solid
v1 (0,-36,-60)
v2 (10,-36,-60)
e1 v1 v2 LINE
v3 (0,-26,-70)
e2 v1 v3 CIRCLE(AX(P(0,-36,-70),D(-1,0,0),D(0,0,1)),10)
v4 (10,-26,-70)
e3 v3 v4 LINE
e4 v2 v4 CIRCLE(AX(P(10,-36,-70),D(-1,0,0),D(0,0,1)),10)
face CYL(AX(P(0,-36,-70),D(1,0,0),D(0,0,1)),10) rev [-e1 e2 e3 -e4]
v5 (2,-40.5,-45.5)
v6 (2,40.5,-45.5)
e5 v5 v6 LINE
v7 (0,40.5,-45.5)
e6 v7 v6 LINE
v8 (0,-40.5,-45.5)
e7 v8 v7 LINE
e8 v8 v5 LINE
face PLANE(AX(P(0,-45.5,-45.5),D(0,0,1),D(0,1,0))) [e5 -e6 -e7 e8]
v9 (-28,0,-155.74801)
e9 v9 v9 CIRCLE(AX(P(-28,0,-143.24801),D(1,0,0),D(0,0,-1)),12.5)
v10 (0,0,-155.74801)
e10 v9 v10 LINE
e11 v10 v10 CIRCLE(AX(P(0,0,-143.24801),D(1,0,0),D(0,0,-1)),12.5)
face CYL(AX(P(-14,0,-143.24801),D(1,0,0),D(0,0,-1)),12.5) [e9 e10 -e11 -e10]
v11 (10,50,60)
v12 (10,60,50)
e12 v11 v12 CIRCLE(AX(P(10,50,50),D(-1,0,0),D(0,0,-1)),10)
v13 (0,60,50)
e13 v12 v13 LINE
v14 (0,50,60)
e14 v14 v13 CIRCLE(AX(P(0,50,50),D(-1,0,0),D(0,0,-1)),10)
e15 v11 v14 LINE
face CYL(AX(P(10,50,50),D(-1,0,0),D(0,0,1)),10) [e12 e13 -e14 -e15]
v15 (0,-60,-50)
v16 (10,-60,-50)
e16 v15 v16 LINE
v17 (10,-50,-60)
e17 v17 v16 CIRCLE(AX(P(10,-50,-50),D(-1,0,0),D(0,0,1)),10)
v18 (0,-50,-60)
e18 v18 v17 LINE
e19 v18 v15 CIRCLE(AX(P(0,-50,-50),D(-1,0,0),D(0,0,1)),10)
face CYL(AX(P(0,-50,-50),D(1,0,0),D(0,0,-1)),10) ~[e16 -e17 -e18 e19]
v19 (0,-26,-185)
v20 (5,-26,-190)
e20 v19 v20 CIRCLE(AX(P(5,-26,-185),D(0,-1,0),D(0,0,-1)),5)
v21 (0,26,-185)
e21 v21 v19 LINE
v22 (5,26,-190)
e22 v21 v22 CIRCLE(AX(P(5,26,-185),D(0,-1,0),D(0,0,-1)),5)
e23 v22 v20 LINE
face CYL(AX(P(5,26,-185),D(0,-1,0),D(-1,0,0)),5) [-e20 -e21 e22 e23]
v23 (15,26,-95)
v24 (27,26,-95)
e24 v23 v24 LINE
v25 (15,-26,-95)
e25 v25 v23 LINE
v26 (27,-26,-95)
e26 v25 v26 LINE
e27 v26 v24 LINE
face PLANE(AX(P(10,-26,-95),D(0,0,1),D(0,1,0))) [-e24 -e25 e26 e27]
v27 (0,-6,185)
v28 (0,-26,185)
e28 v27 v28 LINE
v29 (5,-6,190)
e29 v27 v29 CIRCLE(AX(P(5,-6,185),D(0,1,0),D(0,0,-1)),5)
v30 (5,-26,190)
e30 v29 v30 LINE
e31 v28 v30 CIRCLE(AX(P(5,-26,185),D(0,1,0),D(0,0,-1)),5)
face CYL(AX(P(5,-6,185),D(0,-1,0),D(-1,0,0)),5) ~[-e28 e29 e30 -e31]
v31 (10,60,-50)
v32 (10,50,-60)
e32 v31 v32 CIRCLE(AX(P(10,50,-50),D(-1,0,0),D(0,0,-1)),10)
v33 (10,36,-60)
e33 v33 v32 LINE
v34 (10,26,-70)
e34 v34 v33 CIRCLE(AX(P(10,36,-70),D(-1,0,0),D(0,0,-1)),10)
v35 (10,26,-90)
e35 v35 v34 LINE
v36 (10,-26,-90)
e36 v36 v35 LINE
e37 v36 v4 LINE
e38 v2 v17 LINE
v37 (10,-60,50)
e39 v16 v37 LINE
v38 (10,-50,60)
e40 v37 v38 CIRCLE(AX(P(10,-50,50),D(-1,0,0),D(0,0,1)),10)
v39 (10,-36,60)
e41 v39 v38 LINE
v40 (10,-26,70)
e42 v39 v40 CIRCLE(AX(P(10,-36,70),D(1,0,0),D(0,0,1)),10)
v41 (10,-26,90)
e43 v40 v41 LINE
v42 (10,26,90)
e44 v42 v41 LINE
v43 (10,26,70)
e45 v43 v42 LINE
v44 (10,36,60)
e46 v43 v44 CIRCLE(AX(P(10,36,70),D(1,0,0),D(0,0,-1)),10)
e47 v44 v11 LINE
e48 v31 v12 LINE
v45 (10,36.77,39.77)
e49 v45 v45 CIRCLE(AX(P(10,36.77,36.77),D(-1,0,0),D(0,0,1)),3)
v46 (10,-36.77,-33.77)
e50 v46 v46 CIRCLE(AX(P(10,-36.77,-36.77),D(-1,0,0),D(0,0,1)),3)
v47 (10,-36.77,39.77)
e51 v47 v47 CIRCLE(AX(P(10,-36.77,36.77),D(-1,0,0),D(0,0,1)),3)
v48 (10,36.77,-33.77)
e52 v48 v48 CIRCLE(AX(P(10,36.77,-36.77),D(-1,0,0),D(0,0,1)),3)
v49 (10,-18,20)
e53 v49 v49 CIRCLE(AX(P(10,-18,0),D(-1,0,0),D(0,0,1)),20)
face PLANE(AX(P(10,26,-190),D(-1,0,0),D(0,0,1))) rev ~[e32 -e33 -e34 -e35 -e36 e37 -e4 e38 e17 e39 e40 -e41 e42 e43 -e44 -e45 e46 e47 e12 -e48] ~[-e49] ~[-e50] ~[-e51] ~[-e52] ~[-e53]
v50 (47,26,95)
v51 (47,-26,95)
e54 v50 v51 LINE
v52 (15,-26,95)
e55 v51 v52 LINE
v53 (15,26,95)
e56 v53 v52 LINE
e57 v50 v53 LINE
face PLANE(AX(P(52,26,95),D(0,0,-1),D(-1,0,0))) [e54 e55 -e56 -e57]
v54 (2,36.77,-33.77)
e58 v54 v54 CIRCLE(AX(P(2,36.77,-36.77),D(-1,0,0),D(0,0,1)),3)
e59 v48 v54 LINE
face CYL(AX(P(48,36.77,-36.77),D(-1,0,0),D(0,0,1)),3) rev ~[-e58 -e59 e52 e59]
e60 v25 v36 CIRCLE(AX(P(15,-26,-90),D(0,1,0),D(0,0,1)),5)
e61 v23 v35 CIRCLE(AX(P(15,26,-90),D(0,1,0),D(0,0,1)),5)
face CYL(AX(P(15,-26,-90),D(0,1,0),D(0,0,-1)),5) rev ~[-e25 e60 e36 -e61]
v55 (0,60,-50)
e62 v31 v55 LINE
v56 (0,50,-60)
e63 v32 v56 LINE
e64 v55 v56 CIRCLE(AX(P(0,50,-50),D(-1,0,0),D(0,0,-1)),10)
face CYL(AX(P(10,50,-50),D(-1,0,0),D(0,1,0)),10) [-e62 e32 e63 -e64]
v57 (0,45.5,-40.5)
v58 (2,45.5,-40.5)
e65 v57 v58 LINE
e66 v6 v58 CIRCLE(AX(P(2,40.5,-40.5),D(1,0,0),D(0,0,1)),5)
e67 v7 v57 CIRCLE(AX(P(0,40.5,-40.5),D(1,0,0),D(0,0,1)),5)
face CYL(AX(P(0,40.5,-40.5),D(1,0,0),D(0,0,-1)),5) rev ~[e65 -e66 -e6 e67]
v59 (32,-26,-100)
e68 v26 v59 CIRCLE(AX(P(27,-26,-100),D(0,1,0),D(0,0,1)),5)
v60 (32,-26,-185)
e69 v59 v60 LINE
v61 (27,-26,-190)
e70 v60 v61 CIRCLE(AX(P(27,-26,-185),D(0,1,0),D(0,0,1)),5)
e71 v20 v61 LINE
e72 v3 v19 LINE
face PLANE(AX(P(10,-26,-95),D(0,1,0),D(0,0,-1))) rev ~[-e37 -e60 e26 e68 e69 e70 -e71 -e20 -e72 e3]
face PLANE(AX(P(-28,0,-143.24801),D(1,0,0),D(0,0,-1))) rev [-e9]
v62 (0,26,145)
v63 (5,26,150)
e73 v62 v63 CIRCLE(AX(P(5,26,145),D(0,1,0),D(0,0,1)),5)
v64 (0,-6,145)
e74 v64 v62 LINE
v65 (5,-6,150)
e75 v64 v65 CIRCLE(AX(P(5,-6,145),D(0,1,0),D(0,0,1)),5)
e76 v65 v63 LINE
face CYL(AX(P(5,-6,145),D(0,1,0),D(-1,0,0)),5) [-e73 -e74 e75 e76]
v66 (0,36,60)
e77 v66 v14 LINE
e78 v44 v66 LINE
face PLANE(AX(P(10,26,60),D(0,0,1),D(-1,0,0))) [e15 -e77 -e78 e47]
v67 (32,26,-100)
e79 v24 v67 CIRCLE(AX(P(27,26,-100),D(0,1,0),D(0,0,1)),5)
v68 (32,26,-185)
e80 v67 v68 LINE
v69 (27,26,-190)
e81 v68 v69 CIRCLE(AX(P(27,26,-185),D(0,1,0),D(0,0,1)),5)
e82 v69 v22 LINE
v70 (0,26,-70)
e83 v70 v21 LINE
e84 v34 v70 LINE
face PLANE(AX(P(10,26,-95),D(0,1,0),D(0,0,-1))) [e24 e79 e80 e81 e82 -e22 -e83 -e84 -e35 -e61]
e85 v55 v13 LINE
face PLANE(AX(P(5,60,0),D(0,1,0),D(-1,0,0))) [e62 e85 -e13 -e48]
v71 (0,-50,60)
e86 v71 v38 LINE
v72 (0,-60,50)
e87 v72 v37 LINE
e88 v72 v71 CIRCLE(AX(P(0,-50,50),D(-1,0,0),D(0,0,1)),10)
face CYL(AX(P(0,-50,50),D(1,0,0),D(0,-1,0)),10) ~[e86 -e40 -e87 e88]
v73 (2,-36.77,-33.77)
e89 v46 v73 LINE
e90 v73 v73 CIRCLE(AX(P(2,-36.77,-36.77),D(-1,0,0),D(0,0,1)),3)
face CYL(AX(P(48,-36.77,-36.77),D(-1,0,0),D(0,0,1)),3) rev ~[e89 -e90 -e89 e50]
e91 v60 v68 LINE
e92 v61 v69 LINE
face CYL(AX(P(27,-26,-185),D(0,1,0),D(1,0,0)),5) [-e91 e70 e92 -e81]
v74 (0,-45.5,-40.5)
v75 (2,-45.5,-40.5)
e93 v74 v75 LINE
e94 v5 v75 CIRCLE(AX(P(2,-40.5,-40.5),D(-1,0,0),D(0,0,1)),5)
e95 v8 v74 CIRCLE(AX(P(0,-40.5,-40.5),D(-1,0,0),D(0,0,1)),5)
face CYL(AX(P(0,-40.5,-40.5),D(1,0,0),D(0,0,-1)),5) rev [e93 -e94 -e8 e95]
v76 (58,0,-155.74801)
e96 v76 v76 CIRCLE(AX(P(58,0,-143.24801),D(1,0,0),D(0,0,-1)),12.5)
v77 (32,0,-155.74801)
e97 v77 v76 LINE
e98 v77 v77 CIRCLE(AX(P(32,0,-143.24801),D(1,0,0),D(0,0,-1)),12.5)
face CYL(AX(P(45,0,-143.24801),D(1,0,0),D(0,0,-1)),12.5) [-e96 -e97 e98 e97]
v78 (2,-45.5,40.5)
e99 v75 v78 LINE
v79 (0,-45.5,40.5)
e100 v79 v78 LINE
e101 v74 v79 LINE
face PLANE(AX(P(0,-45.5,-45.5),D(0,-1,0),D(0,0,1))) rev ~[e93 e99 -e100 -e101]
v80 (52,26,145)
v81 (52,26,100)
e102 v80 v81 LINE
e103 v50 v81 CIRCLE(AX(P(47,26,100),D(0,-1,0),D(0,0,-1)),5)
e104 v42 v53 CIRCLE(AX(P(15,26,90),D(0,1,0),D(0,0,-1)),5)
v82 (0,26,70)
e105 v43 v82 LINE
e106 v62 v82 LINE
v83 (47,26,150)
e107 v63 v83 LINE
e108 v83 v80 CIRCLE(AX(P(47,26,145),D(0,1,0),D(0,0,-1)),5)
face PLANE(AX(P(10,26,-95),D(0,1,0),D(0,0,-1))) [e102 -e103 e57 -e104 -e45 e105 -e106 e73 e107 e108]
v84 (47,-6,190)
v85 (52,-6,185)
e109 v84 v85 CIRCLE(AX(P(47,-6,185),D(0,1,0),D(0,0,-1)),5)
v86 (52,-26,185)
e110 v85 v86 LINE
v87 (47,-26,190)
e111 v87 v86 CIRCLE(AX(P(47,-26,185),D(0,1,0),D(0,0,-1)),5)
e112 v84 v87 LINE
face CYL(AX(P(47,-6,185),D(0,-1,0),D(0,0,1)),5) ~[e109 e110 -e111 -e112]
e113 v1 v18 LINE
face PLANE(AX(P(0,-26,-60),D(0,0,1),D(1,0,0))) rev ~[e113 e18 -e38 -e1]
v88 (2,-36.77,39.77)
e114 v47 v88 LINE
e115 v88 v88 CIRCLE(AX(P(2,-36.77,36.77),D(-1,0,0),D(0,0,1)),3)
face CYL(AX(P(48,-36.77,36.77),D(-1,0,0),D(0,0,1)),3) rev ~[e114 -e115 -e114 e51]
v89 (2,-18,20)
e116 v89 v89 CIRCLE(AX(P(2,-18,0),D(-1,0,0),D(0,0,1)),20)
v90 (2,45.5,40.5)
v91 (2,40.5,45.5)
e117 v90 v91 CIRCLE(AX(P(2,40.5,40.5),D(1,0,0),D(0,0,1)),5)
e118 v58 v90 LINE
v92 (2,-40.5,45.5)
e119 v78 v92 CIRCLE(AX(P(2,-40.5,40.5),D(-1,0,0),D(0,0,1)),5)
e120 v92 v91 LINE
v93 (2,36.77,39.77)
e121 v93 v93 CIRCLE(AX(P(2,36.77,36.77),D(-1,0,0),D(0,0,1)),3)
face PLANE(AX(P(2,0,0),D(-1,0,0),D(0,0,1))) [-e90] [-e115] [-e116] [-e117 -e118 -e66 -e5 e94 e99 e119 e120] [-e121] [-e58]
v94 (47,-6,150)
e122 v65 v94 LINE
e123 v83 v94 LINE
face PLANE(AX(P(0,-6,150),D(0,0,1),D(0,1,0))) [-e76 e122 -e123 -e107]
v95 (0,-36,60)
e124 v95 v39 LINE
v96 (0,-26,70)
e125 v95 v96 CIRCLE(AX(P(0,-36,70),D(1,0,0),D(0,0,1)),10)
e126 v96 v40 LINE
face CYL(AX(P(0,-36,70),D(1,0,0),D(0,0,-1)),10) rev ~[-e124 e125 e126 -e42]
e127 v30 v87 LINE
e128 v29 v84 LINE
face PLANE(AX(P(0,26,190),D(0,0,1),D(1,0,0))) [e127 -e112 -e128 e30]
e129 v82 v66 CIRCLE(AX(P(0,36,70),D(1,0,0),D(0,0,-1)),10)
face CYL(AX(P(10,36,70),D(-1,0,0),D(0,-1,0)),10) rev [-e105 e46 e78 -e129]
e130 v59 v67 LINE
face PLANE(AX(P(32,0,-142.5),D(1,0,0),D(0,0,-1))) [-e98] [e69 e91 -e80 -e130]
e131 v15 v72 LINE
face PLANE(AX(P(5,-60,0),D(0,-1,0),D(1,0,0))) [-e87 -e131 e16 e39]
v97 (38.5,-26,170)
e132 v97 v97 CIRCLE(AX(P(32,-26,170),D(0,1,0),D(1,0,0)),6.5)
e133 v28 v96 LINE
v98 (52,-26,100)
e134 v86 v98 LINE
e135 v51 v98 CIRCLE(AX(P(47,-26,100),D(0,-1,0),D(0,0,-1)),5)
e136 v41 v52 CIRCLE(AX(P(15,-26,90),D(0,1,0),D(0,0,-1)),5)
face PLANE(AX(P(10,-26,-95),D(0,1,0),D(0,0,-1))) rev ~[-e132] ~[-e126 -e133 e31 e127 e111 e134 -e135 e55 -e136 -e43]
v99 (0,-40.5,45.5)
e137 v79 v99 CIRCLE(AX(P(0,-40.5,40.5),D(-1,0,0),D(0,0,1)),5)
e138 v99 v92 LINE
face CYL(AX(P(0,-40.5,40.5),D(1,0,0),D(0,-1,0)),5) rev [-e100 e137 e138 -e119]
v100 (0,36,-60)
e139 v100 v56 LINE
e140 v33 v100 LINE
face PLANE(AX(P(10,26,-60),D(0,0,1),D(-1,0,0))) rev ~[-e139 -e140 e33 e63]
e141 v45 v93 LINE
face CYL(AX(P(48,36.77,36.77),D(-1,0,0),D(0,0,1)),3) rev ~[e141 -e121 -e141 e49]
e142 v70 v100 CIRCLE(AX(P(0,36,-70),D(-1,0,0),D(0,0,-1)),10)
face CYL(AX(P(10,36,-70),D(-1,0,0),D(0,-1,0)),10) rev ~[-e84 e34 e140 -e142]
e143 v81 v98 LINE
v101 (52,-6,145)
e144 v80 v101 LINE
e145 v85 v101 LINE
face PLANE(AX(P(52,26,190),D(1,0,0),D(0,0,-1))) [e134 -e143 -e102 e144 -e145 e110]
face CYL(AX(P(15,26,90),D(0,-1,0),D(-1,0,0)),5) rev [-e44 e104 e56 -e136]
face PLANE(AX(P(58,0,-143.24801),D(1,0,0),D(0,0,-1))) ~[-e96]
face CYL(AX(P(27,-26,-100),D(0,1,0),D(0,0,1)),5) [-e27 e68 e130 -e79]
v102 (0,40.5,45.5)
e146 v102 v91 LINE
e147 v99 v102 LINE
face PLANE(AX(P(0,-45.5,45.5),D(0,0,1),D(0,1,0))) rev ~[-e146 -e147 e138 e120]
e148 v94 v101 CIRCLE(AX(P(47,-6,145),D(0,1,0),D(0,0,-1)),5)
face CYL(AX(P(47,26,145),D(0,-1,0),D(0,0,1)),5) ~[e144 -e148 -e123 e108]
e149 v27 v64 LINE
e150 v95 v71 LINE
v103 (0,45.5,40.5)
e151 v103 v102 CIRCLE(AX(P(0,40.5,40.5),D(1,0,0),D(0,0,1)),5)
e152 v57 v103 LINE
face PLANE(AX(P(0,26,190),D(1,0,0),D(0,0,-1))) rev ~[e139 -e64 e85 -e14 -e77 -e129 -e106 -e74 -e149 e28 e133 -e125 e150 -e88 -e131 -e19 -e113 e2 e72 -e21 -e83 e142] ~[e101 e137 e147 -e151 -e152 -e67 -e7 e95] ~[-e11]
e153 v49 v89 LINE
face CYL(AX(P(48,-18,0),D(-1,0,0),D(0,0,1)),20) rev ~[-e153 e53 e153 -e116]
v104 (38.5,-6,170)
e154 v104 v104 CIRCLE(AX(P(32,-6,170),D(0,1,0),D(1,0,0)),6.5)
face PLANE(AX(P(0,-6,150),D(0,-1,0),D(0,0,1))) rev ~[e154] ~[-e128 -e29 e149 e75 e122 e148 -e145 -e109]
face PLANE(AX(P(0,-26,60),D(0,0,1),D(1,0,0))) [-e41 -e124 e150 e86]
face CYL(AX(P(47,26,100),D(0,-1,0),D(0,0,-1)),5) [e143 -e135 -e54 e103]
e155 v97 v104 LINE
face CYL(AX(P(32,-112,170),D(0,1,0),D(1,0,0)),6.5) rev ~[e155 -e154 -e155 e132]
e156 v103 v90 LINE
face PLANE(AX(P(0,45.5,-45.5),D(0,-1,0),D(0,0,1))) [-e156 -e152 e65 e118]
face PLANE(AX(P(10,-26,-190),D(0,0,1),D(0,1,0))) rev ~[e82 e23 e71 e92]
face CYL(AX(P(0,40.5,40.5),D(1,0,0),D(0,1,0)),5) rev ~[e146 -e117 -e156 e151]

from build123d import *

# Parameters (mm, degrees)
SKETCH_1_W                  = 52
SKETCH_1_H                  = 380
EXTRUDE_1_DEPTH             = 52
SKETCH_2_W                  = 42
SKETCH_2_H                  = 285
CUT_EXTRUDE_1_DEPTH         = 204.735122156
SKETCH_3_W                  = 95
SKETCH_3_H                  = 52
EXTRUDE_2_DEPTH             = 22
SKETCH_4_W                  = 10
SKETCH_4_H                  = 120
EXTRUDE_3_DEPTH             = 34
SKETCH_5_W                  = 10
SKETCH_5_H                  = 120
EXTRUDE_4_DEPTH             = 34
SKETCH_6_W                  = 40
SKETCH_6_H                  = 32
CUT_EXTRUDE_2_DEPTH         = 206.922315449
SKETCH_7_W                  = 91
SKETCH_7_H                  = 91
CUT_EXTRUDE_3_DEPTH         = 2
SKETCH_8_W                  = 28
SKETCH_8_H                  = 12.5
SKETCH_9_W                  = 26
SKETCH_9_H                  = 12.5
HOLE_WIZARD_13_0_13_1_D     = 13
HOLE_WIZARD_13_0_13_1_DEPTH = 86
HOLE_WIZARD_M39_1_D         = 40
HOLE_WIZARD_M39_1_DEPTH     = 38
HOLE_WIZARD_6_0_6_1_D       = 6
HOLE_WIZARD_6_0_6_1_DEPTH   = 38
FILLET_1_R                  = 5
FILLET_2_R                  = 10


with BuildPart() as part:
    # 草图1 → 凸台-拉伸1 (new body)
    with BuildSketch(Plane(origin=(0, 26, 0), x_dir=(1, 0, 0), z_dir=(0, 1, 0))):
        with Locations((26, 0)):
            Rectangle(SKETCH_1_W, SKETCH_1_H)
    extrude(amount=-EXTRUDE_1_DEPTH)

    # 草图2 → 切除-拉伸1 (cut, through all)
    with BuildSketch(Plane(origin=(0, 26, 0), x_dir=(-1, 0, 0), z_dir=(0, 1, 0))):
        with Locations((-31, -47.5)):
            Rectangle(SKETCH_2_W, SKETCH_2_H)
    extrude(amount=-CUT_EXTRUDE_1_DEPTH, mode=Mode.SUBTRACT)

    # 草图3 → 凸台-拉伸2 (add)
    with BuildSketch(Plane(origin=(10, 0, 0), x_dir=(0, 0, -1), z_dir=(1, 0, 0))):
        with Locations((142.5, 0)):
            Rectangle(SKETCH_3_W, SKETCH_3_H)
    extrude(amount=EXTRUDE_2_DEPTH)

    # 草图4 → 凸台-拉伸3 (add)
    with BuildSketch(Plane(origin=(0, 26, 0), x_dir=(-1, 0, 0), z_dir=(0, 1, 0))):
        with Locations((-5, 0)):
            Rectangle(SKETCH_4_W, SKETCH_4_H)
    extrude(amount=EXTRUDE_3_DEPTH)

    # 草图5 → 凸台-拉伸4 (add)
    with BuildSketch(Plane.XZ.offset(26)):
        with Locations((5, 0)):
            Rectangle(SKETCH_5_W, SKETCH_5_H)
    extrude(amount=EXTRUDE_4_DEPTH)

    # 草图6 → 切除-拉伸2 (cut, through all)
    with BuildSketch(Plane.ZY):
        with Locations((170, 10)):
            Rectangle(SKETCH_6_W, SKETCH_6_H)
    extrude(amount=-CUT_EXTRUDE_2_DEPTH, mode=Mode.SUBTRACT)

    # 草图7 → 切除-拉伸3 (cut)
    with BuildSketch(Plane.ZY):
        Rectangle(SKETCH_7_W, SKETCH_7_H)
    extrude(amount=-CUT_EXTRUDE_3_DEPTH, mode=Mode.SUBTRACT)

    # 草图8 → 旋转1 (revolve)
    with BuildSketch(Plane.XY.offset(-143.248009954), mode=Mode.PRIVATE) as revolve_1_sk:
        with Locations((-14, 6.25)):
            Rectangle(SKETCH_8_W, SKETCH_8_H)
    revolve(revolve_1_sk.sketch.rotate(Axis((-28, 0, -143.248009954), (1, 0, 0)), 270), axis=Axis((-28, 0, -143.248009954), (1, 0, 0)))

    # 草图9 → 旋转2 (revolve)
    with BuildSketch(Plane.XY.offset(-143.248009954), mode=Mode.PRIVATE) as revolve_2_sk:
        with Locations((45, 6.25)):
            Rectangle(SKETCH_9_W, SKETCH_9_H)
    revolve(revolve_2_sk.sketch.rotate(Axis((32, 0, -143.248009954), (1, 0, 0)), 270), axis=Axis((32, 0, -143.248009954), (1, 0, 0)))

    # Ø13.0 (13) 直径孔1
    with Locations(Plane(origin=(0, -26, 0), x_dir=(-1, 0, 0), z_dir=(0, -1, 0))):
        with Locations((-32, -170)):
            Hole(HOLE_WIZARD_13_0_13_1_D / 2, depth=HOLE_WIZARD_13_0_13_1_DEPTH)

    # M39 螺旋的螺纹孔钻头1
    with Locations(Plane(origin=(10, 0, 0), x_dir=(0, 0, -1), z_dir=(1, 0, 0))):
        with Locations((0, -18)):
            Hole(HOLE_WIZARD_M39_1_D / 2, depth=HOLE_WIZARD_M39_1_DEPTH)

    # Ø6.0 (6) 直径孔1
    with Locations(Plane(origin=(10, 0, 0), x_dir=(0, 0, -1), z_dir=(1, 0, 0))):
        with Locations((36.77, 36.77), (36.77, -36.77), (-36.77, -36.77), (-36.77, 36.77)):
            Hole(HOLE_WIZARD_6_0_6_1_D / 2, depth=HOLE_WIZARD_6_0_6_1_DEPTH)

    # 圆角1
    fillet_1_edges = [part.edges().sort_by_distance(p)[0] for p in [
        (52, 0, 95),
        (10, 0, 95),
        (10, 0, -95),
        (32, 0, -190),
        (32, 0, -95),
        (52, 10, 150),
        (0, 10, 150),
        (0, -16, 190),
        (0, 0, -190),
        (52, -16, 190),
        (1, 45.5, -45.5),
        (1, 45.5, 45.5),
        (1, -45.5, 45.5),
        (1, -45.5, -45.5),
    ]]
    fillet(fillet_1_edges, radius=FILLET_1_R)

    # 圆角2
    fillet_2_edges = [part.edges().sort_by_distance(p)[0] for p in [
        (5, 26, 60),
        (5, 26, -60),
        (5, 60, 60),
        (5, 60, -60),
        (5, -26, -60),
        (5, -26, 60),
        (5, -60, -60),
        (5, -60, 60),
    ]]
    fillet(fillet_2_edges, radius=FILLET_2_R)


solid = part.part
